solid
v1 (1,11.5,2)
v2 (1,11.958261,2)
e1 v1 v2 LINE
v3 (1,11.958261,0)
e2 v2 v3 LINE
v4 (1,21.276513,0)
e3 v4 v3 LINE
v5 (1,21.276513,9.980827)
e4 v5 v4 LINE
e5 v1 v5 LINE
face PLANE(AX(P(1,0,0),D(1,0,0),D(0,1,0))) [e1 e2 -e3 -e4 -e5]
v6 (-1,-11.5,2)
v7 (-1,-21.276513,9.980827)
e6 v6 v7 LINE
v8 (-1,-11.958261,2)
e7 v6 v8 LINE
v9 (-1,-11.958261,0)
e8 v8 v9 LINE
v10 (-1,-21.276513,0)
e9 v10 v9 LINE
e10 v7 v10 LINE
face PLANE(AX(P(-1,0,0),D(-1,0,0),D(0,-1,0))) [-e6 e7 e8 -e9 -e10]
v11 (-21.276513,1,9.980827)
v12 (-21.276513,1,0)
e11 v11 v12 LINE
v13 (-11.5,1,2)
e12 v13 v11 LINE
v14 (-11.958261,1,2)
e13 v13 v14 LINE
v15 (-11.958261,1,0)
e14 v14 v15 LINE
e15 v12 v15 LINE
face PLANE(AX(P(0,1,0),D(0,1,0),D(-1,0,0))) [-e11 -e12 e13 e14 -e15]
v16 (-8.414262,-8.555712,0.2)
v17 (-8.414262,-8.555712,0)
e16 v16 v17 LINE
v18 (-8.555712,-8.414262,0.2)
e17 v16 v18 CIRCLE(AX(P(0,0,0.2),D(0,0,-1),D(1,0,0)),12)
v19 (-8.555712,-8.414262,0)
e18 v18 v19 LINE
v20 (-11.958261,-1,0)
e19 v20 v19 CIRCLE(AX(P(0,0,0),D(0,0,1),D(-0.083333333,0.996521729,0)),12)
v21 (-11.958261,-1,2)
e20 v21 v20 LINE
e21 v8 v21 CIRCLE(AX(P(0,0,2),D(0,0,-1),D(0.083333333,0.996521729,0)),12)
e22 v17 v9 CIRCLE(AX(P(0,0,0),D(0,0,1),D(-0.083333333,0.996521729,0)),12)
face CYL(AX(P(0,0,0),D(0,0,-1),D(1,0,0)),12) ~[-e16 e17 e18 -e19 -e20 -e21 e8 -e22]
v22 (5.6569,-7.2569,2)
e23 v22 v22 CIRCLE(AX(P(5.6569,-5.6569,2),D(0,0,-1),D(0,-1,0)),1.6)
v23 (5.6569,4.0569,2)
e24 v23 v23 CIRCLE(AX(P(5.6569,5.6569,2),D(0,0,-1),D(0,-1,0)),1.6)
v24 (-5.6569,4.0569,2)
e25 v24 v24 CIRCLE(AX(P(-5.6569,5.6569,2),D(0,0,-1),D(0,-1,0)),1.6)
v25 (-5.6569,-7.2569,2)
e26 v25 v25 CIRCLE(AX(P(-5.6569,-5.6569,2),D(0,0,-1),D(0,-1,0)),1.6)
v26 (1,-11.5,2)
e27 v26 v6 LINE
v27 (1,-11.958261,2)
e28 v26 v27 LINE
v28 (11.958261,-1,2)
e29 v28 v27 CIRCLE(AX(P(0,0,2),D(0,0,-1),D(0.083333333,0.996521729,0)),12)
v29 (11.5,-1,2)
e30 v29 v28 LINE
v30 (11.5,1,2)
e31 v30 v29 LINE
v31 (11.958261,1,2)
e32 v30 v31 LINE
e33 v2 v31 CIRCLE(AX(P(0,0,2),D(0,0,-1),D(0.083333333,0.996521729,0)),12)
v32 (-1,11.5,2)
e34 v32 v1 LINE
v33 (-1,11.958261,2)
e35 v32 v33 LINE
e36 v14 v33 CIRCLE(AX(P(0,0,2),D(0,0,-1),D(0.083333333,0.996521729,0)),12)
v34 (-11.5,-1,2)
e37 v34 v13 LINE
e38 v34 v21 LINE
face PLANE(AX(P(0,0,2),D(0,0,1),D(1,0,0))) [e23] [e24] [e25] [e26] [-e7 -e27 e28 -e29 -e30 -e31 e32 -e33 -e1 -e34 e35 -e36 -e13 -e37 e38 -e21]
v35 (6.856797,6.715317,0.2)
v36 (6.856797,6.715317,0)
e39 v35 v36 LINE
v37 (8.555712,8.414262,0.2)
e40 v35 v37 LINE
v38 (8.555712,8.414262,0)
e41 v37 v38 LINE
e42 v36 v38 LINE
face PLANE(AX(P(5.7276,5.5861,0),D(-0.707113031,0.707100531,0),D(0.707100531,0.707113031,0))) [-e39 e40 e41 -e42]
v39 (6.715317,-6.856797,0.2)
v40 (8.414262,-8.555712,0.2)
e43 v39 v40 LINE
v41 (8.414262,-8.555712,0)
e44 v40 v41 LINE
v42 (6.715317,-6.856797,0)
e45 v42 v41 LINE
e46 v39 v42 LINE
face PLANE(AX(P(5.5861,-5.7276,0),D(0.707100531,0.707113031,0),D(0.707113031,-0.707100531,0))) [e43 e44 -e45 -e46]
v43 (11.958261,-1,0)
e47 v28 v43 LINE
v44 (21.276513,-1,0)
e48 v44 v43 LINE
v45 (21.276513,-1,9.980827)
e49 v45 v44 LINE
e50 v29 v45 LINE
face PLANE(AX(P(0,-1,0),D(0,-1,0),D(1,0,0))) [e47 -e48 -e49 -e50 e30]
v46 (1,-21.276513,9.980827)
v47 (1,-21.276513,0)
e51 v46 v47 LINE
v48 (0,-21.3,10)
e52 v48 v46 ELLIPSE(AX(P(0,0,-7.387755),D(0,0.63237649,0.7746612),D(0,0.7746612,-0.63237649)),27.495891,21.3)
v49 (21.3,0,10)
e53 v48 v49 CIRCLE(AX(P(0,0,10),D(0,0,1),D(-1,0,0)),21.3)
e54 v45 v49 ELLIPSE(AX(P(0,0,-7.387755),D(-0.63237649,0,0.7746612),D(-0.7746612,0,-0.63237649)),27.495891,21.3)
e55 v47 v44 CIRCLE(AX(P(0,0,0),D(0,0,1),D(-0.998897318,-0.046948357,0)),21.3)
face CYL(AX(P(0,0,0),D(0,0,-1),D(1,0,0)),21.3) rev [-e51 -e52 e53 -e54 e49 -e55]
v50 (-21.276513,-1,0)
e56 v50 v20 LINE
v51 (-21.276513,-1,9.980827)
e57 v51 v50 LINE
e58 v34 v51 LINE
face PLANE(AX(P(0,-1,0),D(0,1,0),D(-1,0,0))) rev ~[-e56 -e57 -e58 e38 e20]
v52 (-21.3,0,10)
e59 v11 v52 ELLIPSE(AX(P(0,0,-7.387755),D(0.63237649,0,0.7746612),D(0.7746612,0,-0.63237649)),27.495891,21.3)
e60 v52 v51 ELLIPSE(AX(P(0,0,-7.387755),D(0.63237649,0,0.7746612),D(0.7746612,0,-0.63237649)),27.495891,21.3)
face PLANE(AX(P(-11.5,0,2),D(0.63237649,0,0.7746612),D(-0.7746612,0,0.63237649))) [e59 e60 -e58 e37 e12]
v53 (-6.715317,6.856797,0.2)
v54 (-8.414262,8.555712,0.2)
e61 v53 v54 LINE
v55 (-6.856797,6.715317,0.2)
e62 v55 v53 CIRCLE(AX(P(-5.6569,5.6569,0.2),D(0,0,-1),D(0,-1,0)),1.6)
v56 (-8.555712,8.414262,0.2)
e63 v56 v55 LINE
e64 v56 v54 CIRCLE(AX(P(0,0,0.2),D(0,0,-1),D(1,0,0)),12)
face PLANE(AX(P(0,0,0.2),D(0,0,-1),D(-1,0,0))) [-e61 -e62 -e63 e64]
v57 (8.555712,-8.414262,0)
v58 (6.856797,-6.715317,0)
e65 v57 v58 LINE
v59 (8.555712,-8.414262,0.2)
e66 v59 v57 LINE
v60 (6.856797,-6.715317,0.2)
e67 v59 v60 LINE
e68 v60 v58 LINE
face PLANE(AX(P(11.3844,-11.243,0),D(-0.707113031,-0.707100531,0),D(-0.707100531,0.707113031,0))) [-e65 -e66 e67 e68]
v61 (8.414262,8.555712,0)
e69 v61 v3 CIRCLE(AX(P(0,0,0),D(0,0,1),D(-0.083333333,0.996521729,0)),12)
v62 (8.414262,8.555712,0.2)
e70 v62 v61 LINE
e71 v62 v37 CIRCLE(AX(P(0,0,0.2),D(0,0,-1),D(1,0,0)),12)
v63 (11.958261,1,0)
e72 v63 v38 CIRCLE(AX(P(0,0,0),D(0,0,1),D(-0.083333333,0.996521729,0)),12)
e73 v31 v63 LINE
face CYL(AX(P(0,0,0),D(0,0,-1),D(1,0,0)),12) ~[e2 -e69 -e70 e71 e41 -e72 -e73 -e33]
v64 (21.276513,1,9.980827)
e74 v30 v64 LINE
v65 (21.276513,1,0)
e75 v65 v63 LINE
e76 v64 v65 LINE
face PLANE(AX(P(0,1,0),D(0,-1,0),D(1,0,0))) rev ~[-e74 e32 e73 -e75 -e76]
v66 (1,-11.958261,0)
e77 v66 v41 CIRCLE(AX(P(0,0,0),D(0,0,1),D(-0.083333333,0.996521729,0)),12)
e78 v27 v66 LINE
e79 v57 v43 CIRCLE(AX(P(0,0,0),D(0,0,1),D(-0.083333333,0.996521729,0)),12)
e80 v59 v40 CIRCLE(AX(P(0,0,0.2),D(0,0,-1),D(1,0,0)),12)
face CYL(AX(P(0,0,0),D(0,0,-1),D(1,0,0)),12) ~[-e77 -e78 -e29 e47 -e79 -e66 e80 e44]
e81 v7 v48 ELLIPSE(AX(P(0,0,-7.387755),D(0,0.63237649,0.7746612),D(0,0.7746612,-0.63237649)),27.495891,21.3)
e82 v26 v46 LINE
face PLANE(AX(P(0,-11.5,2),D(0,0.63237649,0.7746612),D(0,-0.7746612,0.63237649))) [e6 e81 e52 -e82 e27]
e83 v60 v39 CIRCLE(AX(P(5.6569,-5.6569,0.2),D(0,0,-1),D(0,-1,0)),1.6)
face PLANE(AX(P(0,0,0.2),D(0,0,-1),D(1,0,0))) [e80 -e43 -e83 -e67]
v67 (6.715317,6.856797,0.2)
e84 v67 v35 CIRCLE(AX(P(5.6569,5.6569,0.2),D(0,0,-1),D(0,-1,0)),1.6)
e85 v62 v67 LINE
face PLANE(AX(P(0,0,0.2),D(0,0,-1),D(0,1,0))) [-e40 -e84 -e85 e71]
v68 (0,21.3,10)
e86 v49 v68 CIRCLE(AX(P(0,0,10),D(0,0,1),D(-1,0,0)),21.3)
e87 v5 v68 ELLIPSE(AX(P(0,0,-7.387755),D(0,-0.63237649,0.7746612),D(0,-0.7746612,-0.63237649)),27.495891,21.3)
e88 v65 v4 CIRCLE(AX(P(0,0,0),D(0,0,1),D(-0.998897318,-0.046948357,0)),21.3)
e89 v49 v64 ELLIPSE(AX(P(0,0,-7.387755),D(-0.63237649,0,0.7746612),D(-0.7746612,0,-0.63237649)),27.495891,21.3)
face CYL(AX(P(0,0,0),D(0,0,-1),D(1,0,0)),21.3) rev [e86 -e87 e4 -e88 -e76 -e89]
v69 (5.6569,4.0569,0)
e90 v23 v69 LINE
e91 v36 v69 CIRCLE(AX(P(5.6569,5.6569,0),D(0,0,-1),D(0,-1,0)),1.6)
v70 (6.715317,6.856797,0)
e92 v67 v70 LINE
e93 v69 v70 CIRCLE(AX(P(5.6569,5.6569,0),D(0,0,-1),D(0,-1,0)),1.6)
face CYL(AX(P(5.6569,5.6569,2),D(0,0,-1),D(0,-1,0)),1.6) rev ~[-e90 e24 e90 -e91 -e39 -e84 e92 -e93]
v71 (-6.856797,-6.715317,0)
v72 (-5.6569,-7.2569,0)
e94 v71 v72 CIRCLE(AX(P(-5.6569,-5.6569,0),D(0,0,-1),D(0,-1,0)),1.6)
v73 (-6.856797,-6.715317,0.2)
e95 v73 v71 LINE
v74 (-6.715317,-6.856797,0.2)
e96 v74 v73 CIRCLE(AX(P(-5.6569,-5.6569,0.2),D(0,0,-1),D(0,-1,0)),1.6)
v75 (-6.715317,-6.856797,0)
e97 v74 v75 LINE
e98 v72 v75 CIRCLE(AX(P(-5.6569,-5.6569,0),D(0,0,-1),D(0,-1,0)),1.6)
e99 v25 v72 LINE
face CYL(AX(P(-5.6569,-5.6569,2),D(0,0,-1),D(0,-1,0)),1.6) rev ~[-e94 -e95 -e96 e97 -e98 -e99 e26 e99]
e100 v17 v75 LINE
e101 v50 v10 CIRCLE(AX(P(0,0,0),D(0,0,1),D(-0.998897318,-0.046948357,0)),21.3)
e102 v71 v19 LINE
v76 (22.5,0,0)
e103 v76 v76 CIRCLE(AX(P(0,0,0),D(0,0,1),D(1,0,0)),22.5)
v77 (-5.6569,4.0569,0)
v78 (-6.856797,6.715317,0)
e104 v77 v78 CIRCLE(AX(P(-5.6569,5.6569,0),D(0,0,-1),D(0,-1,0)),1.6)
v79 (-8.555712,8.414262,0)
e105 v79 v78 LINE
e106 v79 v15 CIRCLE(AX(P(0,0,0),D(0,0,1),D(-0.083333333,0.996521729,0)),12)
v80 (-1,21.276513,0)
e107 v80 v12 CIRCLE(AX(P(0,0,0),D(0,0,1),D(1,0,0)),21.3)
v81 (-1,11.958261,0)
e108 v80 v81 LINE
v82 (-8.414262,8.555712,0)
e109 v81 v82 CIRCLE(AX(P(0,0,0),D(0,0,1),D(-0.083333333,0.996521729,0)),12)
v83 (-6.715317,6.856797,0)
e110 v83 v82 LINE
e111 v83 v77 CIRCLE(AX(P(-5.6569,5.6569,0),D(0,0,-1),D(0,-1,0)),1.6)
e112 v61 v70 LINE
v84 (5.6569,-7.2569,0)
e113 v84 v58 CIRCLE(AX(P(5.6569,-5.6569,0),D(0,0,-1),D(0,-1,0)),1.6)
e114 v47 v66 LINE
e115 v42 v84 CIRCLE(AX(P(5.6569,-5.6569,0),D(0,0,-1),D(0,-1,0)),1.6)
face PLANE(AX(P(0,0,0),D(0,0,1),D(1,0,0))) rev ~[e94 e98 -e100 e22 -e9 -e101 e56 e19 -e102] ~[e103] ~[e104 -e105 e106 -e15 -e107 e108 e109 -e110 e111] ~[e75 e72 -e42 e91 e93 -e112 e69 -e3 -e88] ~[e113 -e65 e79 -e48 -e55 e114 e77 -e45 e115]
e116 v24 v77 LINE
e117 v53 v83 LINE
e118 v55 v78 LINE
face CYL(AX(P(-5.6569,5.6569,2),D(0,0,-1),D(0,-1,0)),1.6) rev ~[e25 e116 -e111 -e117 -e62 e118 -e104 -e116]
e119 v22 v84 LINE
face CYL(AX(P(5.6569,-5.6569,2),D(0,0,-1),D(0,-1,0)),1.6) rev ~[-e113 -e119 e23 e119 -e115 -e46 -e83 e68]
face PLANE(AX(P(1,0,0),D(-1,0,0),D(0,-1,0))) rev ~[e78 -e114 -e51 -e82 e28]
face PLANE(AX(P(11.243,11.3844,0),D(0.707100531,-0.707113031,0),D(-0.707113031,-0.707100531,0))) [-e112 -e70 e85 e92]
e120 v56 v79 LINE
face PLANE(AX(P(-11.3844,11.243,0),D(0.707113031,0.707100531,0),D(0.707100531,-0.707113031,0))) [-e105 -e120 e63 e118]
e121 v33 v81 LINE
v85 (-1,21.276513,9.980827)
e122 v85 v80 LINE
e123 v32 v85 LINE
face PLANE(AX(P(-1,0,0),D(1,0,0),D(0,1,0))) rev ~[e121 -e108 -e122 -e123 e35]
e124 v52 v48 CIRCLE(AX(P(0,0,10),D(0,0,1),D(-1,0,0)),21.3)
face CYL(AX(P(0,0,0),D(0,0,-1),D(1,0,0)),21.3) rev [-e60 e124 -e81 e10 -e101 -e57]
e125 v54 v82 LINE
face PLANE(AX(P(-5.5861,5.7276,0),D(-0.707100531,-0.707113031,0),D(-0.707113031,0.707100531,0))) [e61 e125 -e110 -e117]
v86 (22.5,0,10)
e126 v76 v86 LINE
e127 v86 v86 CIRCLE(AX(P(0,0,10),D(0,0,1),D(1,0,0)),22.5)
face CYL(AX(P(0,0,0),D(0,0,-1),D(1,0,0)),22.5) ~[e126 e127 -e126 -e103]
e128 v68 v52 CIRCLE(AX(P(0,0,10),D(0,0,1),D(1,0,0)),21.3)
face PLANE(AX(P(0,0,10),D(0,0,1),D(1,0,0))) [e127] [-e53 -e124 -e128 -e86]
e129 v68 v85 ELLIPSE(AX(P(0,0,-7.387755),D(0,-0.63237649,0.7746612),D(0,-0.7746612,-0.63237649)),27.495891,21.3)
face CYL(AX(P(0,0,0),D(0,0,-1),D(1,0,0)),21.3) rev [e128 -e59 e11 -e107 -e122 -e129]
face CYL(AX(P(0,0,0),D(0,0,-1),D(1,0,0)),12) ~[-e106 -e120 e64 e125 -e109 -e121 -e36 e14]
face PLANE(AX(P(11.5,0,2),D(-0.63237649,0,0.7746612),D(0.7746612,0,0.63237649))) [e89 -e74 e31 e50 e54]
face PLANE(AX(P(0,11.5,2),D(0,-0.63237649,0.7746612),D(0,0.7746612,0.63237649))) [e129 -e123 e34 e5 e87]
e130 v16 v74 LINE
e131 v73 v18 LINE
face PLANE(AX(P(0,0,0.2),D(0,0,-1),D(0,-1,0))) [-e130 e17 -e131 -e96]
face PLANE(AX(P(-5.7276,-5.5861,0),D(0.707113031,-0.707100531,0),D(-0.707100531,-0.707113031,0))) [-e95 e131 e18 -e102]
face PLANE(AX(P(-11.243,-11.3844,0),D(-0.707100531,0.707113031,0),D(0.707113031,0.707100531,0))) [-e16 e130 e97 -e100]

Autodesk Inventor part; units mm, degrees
ref_plane "YZ Plane" through (0, 0, 0) normal (1, 0, 0) x (0, 1, 0)
ref_plane "XZ Plane" through (0, 0, 0) normal (0, 1, 0) x (-1, 0, 0)
ref_plane "XY Plane" through (0, 0, 0) normal (0, 0, 1) x (1, 0, 0)
sketch "スケッチ1" plane through (0, 0, 0) normal (0, 0, 1) x (1, 0, 0)
  circle A0 centre (0, 0) radius 12
  dimension "HUB_DIA" = 24
extrude "ハブ" add sketch "スケッチ1" along normal blind 2
sketch "スケッチ2" plane through (0, 0, 0) normal (0, 0, 1) x (1, 0, 0)
  circle A0 centre (0, 0) radius 22.5
  circle A1 centre (0, 0) radius 21.3
  dimension "DIA" = 45
  dimension "RIM_THIN" = 1.2
extrude "リム" add sketch "スケッチ2" along normal blind 10
sketch "スケッチ5" plane through (0, 0, 0) normal (1, 0, 0) x (0, 1, 0)
  line L0 (21.3, 10) -> (21.3, 0) projected
  line L1 (21.3, 10) -> (21.3, 0)
  line L2 (21.3, 0) -> (11.5, 0)
  line L3 (22.5, 0) -> (-22.5, 0) projected
  line L4 (11.5, 0) -> (11.5, 2)
  line L5 (11.5, 2) -> (21.3, 10)
  line L6 (12, 2) -> (-12, 2) projected
  point P0 (0, 0)
  point P1 (0, 0)
  dimension "d10" = 11.5
extrude "スポーク" add sketch "スケッチ5" along normal mid plane 2
pattern_circular "円形状パターン1" count 4 over 360 about axis through (0, 0, -10) along (0, 0, 1) of "スポーク"
sketch "スケッチ6" plane through (0, 0, 2) normal (0, 0, 1) x (1, 0, 0)
  circle A0 centre (0, 0) radius 8 construction
  line L0 (-13.4189, -13.4189) -> (13.4189, 13.4189) construction
  line L1 (-15.0493, 15.0493) -> (15.0493, -15.0493) construction
  line L2 (-16.6434, 0) -> (16.6434, 0) construction
  point P0 (5.6569, 5.6569)
  point P1 (-5.6569, 5.6569)
  point P2 (-5.6569, -5.6569)
  point P3 (5.6569, -5.6569)
  dimension "d16" = 16
  dimension "d17" = 45
  dimension "d18" = 45
hole "フランジ取付穴" at (5.6569, 5.6569, 2) at (-5.6569, 5.6569, 2) at (-5.6569, -5.6569, 2) at (5.6569, -5.6569, 2) direction (0, 0, -1) diameter 3.2 end through all
sketch "スケッチ8" plane through (0, 0, 0) normal (0, 0, -1) x (-1, 0, 0)
  circle A0 centre (5.6569, 5.6569) radius 1.6 construction
  line L0 (5.6569, 5.6569) -> (10.4286, 10.4286) construction
  line L1 (5.6569, 5.6569) -> (12.4051, 5.6569) construction
  line L2 (5.7276, 5.5861) -> (5.5861, 5.7276)
  line L3 (5.5861, 5.7276) -> (11.243, 11.3844)
  line L4 (11.243, 11.3844) -> (11.3844, 11.243)
  line L5 (11.3844, 11.243) -> (5.7276, 5.5861)
  point P0 (0, 0)
  dimension "d32" = 45
  dimension "d33" = 8
  dimension "d34" = 0.2
extrude "1層目をきれいに出力する溝" cut sketch "スケッチ8" against normal blind 0.2
pattern_circular "円形状パターン2" count 4 over 360 about axis through (0, 0, -10) along (0, 0, 1) of "1層目をきれいに出力する溝"
equation "\"d18\" = d17"
properties part number "Wheel-D45A"
